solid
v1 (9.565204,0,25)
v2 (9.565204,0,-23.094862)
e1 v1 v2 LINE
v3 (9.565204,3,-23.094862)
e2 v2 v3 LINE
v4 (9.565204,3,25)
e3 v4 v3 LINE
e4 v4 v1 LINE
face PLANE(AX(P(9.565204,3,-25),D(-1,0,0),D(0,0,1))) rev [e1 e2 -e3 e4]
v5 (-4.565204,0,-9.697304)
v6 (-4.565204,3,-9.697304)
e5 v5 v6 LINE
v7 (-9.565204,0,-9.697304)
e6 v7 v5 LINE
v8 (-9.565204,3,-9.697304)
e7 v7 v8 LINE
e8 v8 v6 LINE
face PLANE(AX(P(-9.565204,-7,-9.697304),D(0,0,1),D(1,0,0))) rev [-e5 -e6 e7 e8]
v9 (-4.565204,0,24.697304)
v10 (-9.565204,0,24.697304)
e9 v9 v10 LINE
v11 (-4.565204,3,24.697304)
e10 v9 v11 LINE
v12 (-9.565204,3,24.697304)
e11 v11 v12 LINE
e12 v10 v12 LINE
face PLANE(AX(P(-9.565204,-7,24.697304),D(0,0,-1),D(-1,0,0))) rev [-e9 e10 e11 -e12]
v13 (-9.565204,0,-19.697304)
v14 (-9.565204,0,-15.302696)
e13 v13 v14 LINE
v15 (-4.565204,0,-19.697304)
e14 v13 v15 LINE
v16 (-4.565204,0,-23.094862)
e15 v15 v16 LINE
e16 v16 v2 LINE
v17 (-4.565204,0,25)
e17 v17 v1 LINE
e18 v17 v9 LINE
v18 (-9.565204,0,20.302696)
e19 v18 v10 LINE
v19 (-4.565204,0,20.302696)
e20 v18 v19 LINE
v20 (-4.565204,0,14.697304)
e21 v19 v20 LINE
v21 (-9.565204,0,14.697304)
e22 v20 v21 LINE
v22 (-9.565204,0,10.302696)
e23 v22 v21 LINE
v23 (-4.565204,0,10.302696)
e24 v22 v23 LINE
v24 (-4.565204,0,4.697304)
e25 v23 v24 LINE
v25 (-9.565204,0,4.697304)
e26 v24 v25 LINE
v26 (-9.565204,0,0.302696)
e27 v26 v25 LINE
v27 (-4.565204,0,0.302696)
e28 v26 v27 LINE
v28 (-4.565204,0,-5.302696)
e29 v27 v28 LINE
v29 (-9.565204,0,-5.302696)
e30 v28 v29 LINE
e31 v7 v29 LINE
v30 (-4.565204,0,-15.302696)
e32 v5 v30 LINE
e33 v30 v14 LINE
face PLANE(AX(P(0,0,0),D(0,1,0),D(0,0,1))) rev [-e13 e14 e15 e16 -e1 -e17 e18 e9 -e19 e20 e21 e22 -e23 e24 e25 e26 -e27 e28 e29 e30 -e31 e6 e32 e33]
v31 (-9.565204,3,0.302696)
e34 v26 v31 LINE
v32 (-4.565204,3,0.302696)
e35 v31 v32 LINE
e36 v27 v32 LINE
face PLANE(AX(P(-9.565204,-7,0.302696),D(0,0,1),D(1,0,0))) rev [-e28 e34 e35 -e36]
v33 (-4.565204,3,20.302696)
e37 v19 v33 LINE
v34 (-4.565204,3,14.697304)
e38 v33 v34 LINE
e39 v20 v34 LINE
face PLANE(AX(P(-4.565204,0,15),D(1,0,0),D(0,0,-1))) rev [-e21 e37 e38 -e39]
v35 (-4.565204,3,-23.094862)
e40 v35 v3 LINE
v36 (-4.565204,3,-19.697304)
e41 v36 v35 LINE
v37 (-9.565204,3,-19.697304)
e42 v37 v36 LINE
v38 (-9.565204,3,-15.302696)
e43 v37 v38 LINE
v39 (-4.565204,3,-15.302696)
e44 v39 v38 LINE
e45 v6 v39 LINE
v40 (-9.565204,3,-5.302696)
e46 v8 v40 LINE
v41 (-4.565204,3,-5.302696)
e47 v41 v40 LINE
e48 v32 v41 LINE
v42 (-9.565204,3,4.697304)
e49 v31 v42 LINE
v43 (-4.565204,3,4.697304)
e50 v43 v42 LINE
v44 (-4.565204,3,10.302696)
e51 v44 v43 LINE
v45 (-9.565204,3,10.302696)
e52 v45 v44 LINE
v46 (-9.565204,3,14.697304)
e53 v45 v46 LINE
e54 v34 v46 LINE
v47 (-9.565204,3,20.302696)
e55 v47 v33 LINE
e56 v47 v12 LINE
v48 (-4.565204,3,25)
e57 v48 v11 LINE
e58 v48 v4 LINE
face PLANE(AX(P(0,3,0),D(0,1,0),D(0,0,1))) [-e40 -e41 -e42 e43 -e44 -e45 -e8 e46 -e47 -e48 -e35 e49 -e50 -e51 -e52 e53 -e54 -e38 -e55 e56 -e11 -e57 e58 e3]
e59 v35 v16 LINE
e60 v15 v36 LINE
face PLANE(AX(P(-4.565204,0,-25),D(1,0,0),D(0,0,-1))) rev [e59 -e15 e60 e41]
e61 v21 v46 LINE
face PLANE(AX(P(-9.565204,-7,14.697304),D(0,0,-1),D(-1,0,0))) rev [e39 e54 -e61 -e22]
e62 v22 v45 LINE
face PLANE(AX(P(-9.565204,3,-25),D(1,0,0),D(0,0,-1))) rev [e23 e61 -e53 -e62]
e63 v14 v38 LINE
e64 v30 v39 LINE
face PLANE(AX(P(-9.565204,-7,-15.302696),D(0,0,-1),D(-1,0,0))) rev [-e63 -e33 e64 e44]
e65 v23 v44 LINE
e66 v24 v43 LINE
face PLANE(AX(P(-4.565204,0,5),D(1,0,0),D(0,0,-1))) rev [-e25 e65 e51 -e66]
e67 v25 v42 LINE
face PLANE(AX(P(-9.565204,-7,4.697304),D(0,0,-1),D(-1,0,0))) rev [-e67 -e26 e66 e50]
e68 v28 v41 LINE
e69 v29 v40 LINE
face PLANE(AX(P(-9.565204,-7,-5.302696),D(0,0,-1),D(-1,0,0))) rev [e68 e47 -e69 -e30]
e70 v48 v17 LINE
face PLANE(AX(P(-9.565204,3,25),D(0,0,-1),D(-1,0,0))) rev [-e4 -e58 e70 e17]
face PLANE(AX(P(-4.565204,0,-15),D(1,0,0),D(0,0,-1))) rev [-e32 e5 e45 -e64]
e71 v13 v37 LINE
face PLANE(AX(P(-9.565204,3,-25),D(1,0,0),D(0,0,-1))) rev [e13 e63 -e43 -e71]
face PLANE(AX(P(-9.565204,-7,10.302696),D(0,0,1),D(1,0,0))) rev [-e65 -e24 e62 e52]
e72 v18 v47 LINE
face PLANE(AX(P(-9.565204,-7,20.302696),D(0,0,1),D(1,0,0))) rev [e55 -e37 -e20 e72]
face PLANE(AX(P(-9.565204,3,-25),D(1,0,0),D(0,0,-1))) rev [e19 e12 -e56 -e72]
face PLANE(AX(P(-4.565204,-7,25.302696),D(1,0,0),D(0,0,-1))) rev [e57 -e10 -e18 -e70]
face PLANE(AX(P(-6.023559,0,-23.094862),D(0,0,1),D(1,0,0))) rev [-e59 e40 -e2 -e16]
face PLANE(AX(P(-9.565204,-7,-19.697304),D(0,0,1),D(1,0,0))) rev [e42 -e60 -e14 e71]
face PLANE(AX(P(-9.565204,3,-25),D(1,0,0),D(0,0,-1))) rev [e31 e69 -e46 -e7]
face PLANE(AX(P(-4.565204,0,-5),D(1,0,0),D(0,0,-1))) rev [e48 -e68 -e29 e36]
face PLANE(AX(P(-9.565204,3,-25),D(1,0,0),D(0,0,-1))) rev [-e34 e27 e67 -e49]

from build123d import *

# Parameters (mm, degrees)
SKETCH_1_W          = 19.1304083
SKETCH_1_H          = 50
EXTRUDE_1_DEPTH     = 3
SKETCH_2_W          = 5
SKETCH_2_H          = 5
CUT_EXTRUDE_1_DEPTH = 3
SKETCH_3_W          = 18.086961025
SKETCH_3_H          = 4.686767273
CUT_EXTRUDE_2_DEPTH = 3
SKETCH_4_W          = 5
SKETCH_4_H          = 0.605391548
CUT_EXTRUDE_3_DEPTH = 10


with BuildPart() as part:
    # 草图1 → 凸台-拉伸1 (new body)
    with BuildSketch(Plane(origin=(0, 0, 0), x_dir=(1, 0, 0), z_dir=(0, 1, 0))):
        Rectangle(SKETCH_1_W, SKETCH_1_H)
    extrude(amount=EXTRUDE_1_DEPTH)

    # 草图2 → 切除-拉伸1 (cut)
    with BuildSketch(Plane(origin=(0, 3, 0), x_dir=(1, 0, 0), z_dir=(0, 1, 0))):
        with Locations((-7.06520415, 12.5)):
            Rectangle(SKETCH_2_W, SKETCH_2_H)
        with Locations((-7.06520415, 22.5)):
            Rectangle(SKETCH_2_W, SKETCH_2_H)
        with Locations((-7.06520415, 2.5)):
            Rectangle(SKETCH_2_W, SKETCH_2_H)
        with Locations((-7.06520415, -7.5)):
            Rectangle(SKETCH_2_W, SKETCH_2_H)
        with Locations((-7.06520415, -17.5)):
            Rectangle(SKETCH_2_W, SKETCH_2_H)
    extrude(amount=-CUT_EXTRUDE_1_DEPTH, mode=Mode.SUBTRACT)

    # 草图3 → 切除-拉伸2 (cut)
    with BuildSketch(Plane(origin=(0, 3, 0), x_dir=(1, 0, 0), z_dir=(0, 1, 0))):
        with Locations((3.01992157, 25.438245622)):
            Rectangle(SKETCH_3_W, SKETCH_3_H)
    extrude(amount=-CUT_EXTRUDE_2_DEPTH, mode=Mode.SUBTRACT)

    # 草图4 → 切除-拉伸3 (cut)
    with BuildSketch(Plane(origin=(0, 3, 0), x_dir=(1, 0, 0), z_dir=(0, 1, 0))):
        with Locations((-7.06520415, 20)):
            Rectangle(SKETCH_4_W, SKETCH_4_H)
        with Locations((-7.06520415, 15)):
            Rectangle(SKETCH_4_W, SKETCH_4_H)
        with Locations((-7.06520415, 5)):
            Rectangle(SKETCH_4_W, SKETCH_4_H)
        with Locations((-7.06520415, 10)):
            Rectangle(SKETCH_4_W, SKETCH_4_H)
        with Locations((-7.06520415, -5)):
            Rectangle(SKETCH_4_W, SKETCH_4_H)
        with Locations((-7.06520415, 0)):
            Rectangle(SKETCH_4_W, SKETCH_4_H)
        with Locations((-7.06520415, -15)):
            Rectangle(SKETCH_4_W, SKETCH_4_H)
        with Locations((-7.06520415, -10)):
            Rectangle(SKETCH_4_W, SKETCH_4_H)
        with Locations((-7.06520415, -25)):
            Rectangle(SKETCH_4_W, SKETCH_4_H)
        with Locations((-7.06520415, -20)):
            Rectangle(SKETCH_4_W, SKETCH_4_H)
    extrude(amount=-CUT_EXTRUDE_3_DEPTH, mode=Mode.SUBTRACT)


solid = part.part
